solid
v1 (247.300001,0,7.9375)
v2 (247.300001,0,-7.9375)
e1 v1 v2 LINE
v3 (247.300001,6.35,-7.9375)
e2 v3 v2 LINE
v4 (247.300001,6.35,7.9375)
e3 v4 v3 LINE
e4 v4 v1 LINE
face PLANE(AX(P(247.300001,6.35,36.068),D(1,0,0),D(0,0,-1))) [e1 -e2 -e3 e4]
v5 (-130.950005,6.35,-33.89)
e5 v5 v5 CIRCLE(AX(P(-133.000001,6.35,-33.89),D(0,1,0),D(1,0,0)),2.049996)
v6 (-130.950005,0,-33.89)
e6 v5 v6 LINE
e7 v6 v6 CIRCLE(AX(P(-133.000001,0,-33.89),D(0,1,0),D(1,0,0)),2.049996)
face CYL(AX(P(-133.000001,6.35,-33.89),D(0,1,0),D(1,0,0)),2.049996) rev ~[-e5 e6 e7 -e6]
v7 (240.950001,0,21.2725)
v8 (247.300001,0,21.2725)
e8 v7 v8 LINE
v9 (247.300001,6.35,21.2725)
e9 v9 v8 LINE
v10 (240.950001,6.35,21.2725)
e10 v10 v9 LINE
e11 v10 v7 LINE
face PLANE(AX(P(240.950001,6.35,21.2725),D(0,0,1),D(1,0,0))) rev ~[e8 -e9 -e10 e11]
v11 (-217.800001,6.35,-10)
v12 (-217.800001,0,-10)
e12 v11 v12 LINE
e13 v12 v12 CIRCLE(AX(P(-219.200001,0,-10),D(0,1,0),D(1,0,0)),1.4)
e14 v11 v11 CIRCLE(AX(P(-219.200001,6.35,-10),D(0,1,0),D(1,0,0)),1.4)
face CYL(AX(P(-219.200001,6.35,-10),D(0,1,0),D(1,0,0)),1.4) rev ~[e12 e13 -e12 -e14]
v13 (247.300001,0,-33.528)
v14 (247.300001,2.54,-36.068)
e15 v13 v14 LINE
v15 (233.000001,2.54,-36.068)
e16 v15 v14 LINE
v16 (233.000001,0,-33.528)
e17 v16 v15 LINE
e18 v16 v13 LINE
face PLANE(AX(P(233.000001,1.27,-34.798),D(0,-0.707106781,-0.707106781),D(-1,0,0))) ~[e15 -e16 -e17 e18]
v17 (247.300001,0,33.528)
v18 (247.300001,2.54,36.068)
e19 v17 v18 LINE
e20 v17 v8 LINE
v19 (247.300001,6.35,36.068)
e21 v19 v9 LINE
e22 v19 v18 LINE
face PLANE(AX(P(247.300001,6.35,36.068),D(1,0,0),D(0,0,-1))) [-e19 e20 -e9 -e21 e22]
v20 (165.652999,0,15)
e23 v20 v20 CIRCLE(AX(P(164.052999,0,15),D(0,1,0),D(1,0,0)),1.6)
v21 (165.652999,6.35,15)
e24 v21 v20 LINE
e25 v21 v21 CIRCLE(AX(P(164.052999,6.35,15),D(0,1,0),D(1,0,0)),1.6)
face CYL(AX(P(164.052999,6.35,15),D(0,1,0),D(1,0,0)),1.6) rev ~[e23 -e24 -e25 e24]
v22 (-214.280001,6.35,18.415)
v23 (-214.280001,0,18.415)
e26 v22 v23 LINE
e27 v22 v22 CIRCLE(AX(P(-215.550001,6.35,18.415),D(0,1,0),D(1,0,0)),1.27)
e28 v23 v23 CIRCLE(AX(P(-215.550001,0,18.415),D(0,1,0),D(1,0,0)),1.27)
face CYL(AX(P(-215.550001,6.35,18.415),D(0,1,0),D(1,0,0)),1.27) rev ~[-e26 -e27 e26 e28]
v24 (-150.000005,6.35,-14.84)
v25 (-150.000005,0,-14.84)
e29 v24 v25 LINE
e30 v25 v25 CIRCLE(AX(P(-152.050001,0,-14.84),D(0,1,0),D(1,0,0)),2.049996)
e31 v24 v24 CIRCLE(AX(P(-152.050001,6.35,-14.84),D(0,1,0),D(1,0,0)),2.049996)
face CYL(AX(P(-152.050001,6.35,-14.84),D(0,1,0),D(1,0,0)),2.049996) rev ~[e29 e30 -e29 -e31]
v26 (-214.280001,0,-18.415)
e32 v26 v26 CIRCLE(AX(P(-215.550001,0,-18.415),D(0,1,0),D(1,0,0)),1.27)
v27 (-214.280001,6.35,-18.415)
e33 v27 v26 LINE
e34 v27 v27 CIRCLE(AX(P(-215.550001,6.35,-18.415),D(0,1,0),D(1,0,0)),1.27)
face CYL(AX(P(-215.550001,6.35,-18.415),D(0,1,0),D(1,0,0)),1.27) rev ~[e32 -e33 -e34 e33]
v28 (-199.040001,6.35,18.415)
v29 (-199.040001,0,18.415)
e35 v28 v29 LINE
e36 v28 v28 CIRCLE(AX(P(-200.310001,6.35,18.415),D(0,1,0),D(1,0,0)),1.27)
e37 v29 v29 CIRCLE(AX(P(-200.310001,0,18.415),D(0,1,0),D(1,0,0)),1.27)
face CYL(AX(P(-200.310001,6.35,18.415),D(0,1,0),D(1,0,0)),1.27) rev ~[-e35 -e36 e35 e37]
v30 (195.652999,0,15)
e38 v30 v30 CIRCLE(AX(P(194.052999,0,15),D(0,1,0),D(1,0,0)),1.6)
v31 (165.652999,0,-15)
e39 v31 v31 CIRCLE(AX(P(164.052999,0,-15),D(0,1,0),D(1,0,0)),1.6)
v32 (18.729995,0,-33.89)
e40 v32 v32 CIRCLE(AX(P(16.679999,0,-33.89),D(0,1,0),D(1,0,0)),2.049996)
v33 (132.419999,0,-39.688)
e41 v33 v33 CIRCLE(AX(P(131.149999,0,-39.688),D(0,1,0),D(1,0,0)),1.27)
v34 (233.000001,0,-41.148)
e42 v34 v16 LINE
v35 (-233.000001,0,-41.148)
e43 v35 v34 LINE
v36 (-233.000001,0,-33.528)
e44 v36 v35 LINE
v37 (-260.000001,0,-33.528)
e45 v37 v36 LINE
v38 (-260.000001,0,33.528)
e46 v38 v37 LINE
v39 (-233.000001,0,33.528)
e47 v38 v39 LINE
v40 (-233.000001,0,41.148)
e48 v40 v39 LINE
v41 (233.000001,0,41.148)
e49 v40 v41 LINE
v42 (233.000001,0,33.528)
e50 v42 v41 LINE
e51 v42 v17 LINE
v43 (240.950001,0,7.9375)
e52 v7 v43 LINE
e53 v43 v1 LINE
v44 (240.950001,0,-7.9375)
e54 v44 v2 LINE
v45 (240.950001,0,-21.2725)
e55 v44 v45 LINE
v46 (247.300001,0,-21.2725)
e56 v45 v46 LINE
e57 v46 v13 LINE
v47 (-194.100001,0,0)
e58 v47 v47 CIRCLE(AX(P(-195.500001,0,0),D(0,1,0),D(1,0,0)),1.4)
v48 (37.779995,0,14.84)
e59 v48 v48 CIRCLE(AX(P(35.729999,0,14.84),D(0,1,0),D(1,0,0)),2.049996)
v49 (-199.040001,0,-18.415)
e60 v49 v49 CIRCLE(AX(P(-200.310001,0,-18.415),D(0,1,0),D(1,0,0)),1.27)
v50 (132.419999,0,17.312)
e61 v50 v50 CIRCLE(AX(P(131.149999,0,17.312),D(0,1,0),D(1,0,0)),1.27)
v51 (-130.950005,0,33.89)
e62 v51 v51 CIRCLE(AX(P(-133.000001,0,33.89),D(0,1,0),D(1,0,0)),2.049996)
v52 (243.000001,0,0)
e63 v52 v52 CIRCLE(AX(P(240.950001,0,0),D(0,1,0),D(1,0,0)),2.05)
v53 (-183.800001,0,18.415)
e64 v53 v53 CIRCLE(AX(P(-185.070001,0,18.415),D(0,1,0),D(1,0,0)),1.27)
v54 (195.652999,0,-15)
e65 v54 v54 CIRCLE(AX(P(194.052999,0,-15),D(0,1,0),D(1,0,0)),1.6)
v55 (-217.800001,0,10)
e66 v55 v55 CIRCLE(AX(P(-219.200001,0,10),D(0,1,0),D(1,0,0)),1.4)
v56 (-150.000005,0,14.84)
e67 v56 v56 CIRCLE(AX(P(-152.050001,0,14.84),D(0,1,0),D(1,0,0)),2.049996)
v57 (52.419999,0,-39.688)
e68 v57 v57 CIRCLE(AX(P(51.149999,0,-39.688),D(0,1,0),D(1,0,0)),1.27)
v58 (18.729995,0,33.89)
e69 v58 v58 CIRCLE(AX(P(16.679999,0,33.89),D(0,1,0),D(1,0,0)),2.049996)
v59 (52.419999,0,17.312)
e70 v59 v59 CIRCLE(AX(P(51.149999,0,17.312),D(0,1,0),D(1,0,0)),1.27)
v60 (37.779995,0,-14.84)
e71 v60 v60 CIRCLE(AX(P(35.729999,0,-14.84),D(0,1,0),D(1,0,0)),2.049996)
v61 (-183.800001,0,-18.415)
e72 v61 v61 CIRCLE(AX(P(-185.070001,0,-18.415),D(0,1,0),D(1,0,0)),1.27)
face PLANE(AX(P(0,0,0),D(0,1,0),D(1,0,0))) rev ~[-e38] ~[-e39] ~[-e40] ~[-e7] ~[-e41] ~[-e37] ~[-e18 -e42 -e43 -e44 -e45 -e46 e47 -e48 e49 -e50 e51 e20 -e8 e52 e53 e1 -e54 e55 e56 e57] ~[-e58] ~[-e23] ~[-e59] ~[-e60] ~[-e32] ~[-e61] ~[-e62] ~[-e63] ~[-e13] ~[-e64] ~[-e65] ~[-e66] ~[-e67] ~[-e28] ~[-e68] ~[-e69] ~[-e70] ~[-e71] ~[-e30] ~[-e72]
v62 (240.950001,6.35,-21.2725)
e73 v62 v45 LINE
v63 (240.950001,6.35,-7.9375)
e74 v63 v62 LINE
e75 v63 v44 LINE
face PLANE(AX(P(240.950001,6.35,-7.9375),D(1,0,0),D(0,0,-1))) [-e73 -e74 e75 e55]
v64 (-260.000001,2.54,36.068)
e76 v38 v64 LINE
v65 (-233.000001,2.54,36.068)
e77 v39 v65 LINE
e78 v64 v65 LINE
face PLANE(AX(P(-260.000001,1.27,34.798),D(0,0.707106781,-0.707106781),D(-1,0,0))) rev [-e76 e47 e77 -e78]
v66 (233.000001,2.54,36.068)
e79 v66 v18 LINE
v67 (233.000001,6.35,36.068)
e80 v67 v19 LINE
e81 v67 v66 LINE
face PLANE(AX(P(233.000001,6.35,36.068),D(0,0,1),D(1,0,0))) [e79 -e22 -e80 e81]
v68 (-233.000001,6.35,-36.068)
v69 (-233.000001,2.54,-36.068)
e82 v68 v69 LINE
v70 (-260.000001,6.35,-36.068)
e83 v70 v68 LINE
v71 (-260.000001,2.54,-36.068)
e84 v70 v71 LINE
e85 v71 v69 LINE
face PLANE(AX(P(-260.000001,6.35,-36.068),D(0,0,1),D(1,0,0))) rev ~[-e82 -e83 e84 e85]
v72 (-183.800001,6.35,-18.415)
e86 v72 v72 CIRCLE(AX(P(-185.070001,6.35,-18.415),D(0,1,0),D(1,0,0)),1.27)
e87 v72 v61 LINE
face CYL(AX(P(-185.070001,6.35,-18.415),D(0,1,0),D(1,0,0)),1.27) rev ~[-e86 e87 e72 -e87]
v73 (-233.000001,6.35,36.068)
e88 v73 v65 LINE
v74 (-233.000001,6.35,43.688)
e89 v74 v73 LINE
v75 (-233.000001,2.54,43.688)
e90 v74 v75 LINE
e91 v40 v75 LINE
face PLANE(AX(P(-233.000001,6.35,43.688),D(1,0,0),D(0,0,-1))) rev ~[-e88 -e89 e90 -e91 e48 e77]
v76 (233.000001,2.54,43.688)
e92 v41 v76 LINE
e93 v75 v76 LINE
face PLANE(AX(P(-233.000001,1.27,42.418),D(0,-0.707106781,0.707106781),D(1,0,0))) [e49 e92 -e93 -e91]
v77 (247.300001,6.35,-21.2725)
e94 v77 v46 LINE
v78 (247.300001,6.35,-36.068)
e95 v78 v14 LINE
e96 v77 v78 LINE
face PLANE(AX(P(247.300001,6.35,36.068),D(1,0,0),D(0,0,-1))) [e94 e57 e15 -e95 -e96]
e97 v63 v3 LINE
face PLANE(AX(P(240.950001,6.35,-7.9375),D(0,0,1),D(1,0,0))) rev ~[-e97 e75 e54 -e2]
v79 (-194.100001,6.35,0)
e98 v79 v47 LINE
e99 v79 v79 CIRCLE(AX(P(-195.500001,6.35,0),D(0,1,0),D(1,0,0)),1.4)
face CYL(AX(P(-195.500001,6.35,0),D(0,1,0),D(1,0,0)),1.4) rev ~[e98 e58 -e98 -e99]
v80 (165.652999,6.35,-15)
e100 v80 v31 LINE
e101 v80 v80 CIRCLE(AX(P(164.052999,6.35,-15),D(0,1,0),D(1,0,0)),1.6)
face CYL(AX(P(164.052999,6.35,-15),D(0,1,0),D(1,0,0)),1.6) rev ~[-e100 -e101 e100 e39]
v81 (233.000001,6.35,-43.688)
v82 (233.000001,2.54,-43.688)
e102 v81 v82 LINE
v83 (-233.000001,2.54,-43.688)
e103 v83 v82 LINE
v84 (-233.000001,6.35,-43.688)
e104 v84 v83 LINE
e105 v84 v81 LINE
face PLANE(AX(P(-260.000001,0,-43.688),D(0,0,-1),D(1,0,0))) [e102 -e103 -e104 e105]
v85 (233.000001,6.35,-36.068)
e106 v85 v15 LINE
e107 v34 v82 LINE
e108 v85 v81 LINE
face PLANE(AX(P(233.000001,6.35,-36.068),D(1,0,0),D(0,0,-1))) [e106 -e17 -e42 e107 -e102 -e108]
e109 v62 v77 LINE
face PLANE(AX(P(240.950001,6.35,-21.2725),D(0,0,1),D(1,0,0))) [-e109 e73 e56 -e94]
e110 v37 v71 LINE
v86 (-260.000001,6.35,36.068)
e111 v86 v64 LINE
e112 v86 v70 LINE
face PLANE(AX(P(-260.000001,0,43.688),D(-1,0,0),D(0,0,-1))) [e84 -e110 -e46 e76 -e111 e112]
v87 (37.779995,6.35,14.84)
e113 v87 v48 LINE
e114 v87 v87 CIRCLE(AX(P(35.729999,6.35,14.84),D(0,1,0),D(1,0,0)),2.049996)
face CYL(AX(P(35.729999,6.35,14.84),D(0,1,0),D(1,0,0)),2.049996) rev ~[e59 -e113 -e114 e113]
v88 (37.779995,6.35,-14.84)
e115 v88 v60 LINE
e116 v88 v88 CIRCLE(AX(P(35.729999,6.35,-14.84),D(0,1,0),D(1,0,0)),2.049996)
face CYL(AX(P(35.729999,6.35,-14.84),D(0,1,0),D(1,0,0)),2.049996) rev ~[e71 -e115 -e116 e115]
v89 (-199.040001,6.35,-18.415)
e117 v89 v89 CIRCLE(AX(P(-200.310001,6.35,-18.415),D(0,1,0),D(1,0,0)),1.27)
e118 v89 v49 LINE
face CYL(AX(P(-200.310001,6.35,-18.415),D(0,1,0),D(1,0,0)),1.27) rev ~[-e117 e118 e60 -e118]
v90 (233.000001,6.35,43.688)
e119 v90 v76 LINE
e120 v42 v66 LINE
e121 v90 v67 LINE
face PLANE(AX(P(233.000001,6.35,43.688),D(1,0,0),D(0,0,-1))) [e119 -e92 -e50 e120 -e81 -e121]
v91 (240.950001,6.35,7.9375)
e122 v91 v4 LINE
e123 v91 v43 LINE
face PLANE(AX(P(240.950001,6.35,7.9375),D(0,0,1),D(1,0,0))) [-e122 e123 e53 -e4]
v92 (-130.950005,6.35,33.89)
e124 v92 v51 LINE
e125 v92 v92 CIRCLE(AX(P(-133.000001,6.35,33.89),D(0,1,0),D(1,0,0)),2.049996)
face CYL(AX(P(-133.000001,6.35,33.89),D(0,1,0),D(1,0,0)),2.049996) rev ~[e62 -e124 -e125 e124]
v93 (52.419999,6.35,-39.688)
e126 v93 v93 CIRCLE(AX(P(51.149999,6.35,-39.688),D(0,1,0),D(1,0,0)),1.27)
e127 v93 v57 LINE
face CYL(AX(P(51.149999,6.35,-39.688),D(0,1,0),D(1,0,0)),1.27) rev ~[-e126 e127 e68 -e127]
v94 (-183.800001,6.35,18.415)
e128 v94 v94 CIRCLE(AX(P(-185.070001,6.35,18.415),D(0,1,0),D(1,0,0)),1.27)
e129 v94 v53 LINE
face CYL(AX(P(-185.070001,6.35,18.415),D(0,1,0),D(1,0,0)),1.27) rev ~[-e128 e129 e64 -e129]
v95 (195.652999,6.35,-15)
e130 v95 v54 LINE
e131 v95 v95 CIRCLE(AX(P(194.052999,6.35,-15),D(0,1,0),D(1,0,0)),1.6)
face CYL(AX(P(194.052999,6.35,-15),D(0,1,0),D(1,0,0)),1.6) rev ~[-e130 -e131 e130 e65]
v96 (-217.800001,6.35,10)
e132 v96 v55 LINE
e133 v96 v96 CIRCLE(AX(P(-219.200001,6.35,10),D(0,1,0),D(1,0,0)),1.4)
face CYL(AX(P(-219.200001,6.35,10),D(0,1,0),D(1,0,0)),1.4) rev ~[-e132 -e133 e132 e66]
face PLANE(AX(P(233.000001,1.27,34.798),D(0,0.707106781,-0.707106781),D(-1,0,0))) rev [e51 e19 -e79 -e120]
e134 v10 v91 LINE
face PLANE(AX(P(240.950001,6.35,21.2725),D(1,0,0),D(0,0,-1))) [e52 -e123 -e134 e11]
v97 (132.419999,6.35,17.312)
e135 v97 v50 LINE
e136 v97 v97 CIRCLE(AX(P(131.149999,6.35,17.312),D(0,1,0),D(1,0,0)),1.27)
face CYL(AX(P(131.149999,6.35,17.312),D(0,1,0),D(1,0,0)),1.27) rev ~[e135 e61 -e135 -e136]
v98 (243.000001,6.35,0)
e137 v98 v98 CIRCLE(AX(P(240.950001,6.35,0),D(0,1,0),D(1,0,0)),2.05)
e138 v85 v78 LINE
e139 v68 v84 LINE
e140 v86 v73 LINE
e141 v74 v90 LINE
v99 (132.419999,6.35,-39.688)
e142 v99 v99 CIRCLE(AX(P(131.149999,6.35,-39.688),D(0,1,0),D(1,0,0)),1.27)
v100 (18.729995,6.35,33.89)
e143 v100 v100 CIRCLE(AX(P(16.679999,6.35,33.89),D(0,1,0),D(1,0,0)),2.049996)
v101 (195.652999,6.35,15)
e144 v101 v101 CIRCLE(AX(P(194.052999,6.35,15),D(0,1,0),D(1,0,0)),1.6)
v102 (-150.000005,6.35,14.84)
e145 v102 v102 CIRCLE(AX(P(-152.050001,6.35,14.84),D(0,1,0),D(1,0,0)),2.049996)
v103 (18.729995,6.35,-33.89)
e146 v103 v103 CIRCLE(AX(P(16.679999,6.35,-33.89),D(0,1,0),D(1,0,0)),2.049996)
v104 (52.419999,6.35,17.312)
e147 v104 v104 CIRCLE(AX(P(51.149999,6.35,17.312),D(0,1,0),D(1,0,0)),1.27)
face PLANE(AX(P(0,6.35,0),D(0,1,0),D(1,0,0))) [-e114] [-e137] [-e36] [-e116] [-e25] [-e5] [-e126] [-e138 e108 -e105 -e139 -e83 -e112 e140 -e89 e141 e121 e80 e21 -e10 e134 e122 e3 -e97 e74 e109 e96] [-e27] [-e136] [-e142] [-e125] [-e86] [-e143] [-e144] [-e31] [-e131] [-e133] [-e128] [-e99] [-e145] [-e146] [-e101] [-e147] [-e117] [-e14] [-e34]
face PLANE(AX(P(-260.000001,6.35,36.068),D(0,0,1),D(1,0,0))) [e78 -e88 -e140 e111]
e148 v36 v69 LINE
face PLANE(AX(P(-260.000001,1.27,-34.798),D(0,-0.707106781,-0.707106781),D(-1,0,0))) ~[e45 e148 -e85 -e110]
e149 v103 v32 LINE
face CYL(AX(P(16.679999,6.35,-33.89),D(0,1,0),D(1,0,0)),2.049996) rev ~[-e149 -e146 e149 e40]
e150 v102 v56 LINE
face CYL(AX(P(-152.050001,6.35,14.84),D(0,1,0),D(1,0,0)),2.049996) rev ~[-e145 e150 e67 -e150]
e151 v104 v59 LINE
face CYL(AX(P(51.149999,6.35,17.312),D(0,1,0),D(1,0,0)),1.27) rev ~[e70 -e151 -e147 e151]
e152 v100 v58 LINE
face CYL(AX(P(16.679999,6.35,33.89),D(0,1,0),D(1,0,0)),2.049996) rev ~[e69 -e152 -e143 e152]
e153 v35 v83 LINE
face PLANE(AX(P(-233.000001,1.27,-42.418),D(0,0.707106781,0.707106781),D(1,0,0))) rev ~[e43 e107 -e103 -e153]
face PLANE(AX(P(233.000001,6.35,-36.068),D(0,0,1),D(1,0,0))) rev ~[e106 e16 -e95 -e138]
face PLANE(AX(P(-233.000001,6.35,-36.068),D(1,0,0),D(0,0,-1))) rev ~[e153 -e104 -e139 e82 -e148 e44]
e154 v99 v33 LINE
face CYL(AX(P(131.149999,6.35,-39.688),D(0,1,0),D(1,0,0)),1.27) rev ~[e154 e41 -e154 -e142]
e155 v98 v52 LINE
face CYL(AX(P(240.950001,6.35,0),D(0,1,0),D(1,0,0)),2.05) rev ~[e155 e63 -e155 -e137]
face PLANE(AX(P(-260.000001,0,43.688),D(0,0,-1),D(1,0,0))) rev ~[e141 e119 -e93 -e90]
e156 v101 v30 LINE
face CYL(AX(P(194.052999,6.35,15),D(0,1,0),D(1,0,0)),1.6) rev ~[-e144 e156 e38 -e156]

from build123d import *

# Parameters (mm, degrees)
SKETCH1_W           = 520.0000014
SKETCH1_H           = 87.376
BOSS_EXTRUDE1_DEPTH = 6.35
SKETCH3_W           = 27
SKETCH3_H           = 7.62
CUT_EXTRUDE2_DEPTH  = 7.35
SKETCH6_W           = 12.7
SKETCH6_H           = 72.136
CUT_EXTRUDE5_DEPTH  = 7.35
CHAMFER1_SIZE       = 2.54
SKETCH8_R           = 1.4
CUT_EXTRUDE7_DEPTH  = 7.35
SKETCH9_R           = 2.0499959
CUT_EXTRUDE8_DEPTH  = 7.35
SKETCH10_R          = 1.27
CUT_EXTRUDE9_DEPTH  = 7.35
SKETCH11_R          = 2.05
CUT_EXTRUDE10_DEPTH = 7.35
SKETCH12_R          = 1.27
CUT_EXTRUDE11_DEPTH = 7.35
SKETCH13_W          = 6.35
SKETCH13_H          = 13.335
CUT_EXTRUDE12_DEPTH = 7.35
SKETCH14_R          = 1.6
CUT_EXTRUDE13_DEPTH = 7.35


with BuildPart() as part:
    # Sketch1 → Boss-Extrude1 (new body)
    with BuildSketch(Plane(origin=(0, 0, 0), x_dir=(1, 0, 0), z_dir=(0, 1, 0))):
        Rectangle(SKETCH1_W, SKETCH1_H)
    extrude(amount=BOSS_EXTRUDE1_DEPTH)

    # Sketch3 → Cut-Extrude2 (cut, through all)
    with BuildSketch(Plane(origin=(0, 6.35, 0), x_dir=(1, 0, 0), z_dir=(0, 1, 0))):
        with Locations((-246.5000007, 39.878)):
            Rectangle(SKETCH3_W, SKETCH3_H)
        with Locations((-246.5000007, -39.878)):
            Rectangle(SKETCH3_W, SKETCH3_H)
        with Locations((246.5000007, -39.878)):
            Rectangle(SKETCH3_W, SKETCH3_H)
        with Locations((246.5000007, 39.878)):
            Rectangle(SKETCH3_W, SKETCH3_H)
    extrude(amount=-CUT_EXTRUDE2_DEPTH, mode=Mode.SUBTRACT)

    # Sketch6 → Cut-Extrude5 (cut, through all)
    with BuildSketch(Plane(origin=(0, 6.35, 0), x_dir=(1, 0, 0), z_dir=(0, 1, 0))):
        with Locations((253.6500007, 0)):
            Rectangle(SKETCH6_W, SKETCH6_H)
    extrude(amount=-CUT_EXTRUDE5_DEPTH, mode=Mode.SUBTRACT)

    # Chamfer1
    chamfer1_edges = [part.edges().sort_by_distance(p)[0] for p in [
        (0, 0, -43.688),
        (0, 0, 43.688),
        (240.1500007, 0, -36.068),
        (-246.5000007, 0, 36.068),
        (-246.5000007, 0, -36.068),
        (240.1500007, 0, 36.068),
    ]]
    chamfer(chamfer1_edges, length=CHAMFER1_SIZE)

    # Sketch8 → Cut-Extrude7 (cut, through all)
    with BuildSketch(Plane(origin=(0, 6.35, 0), x_dir=(1, 0, 0), z_dir=(0, 1, 0))):
        with Locations((-219.2000007, 10)):
            Circle(SKETCH8_R)
        with Locations((-219.2000007, -10)):
            Circle(SKETCH8_R)
        with Locations((-195.5000007, 0)):
            Circle(SKETCH8_R)
    extrude(amount=-CUT_EXTRUDE7_DEPTH, mode=Mode.SUBTRACT)

    # Sketch9 → Cut-Extrude8 (cut, through all)
    with BuildSketch(Plane(origin=(0, 6.35, 0), x_dir=(1, 0, 0), z_dir=(0, 1, 0))):
        with Locations((-133.0000007, 33.89)):
            Circle(SKETCH9_R)
        with Locations((-152.0500007, 14.84)):
            Circle(SKETCH9_R)
        with Locations((-152.0500007, -14.84)):
            Circle(SKETCH9_R)
        with Locations((-133.0000007, -33.89)):
            Circle(SKETCH9_R)
        with Locations((16.6799993, 33.89)):
            Circle(SKETCH9_R)
        with Locations((35.7299993, 14.84)):
            Circle(SKETCH9_R)
        with Locations((35.7299993, -14.84)):
            Circle(SKETCH9_R)
        with Locations((16.6799993, -33.89)):
            Circle(SKETCH9_R)
    extrude(amount=-CUT_EXTRUDE8_DEPTH, mode=Mode.SUBTRACT)

    # Sketch10 → Cut-Extrude9 (cut, through all)
    with BuildSketch(Plane(origin=(0, 6.35, 0), x_dir=(1, 0, 0), z_dir=(0, 1, 0))):
        with Locations((-200.3100007, -18.415)):
            Circle(SKETCH10_R)
        with Locations((-215.5500007, -18.415)):
            Circle(SKETCH10_R)
        with Locations((-200.3100007, 18.415)):
            Circle(SKETCH10_R)
        with Locations((-215.5500007, 18.415)):
            Circle(SKETCH10_R)
        with Locations((-185.0700007, 18.415)):
            Circle(SKETCH10_R)
        with Locations((-185.0700007, -18.415)):
            Circle(SKETCH10_R)
    extrude(amount=-CUT_EXTRUDE9_DEPTH, mode=Mode.SUBTRACT)

    # Sketch11 → Cut-Extrude10 (cut, through all)
    with BuildSketch(Plane(origin=(0, 6.35, 0), x_dir=(1, 0, 0), z_dir=(0, 1, 0))):
        with Locations((240.9500007, 0)):
            Circle(SKETCH11_R)
    extrude(amount=-CUT_EXTRUDE10_DEPTH, mode=Mode.SUBTRACT)

    # Sketch12 → Cut-Extrude11 (cut, through all)
    with BuildSketch(Plane(origin=(0, 6.35, 0), x_dir=(1, 0, 0), z_dir=(0, 1, 0))):
        with Locations((51.1499993, 39.688)):
            Circle(SKETCH12_R)
        with Locations((131.1499993, 39.688)):
            Circle(SKETCH12_R)
        with Locations((51.1499993, -17.312)):
            Circle(SKETCH12_R)
        with Locations((131.1499993, -17.312)):
            Circle(SKETCH12_R)
    extrude(amount=-CUT_EXTRUDE11_DEPTH, mode=Mode.SUBTRACT)

    # Sketch13 → Cut-Extrude12 (cut, through all)
    with BuildSketch(Plane(origin=(0, 6.35, 0), x_dir=(1, 0, 0), z_dir=(0, 1, 0))):
        with Locations((244.1250007, -14.605)):
            Rectangle(SKETCH13_W, SKETCH13_H)
        with Locations((244.1250007, 14.605)):
            Rectangle(SKETCH13_W, SKETCH13_H)
    extrude(amount=-CUT_EXTRUDE12_DEPTH, mode=Mode.SUBTRACT)

    # Sketch14 → Cut-Extrude13 (cut, through all)
    with BuildSketch(Plane(origin=(0, 6.35, 0), x_dir=(1, 0, 0), z_dir=(0, 1, 0))):
        with Locations((164.0529993, 15)):
            Circle(SKETCH14_R)
        with Locations((194.0529993, 15)):
            Circle(SKETCH14_R)
        with Locations((164.0529993, -15)):
            Circle(SKETCH14_R)
        with Locations((194.0529993, -15)):
            Circle(SKETCH14_R)
    extrude(amount=-CUT_EXTRUDE13_DEPTH, mode=Mode.SUBTRACT)


solid = part.part
